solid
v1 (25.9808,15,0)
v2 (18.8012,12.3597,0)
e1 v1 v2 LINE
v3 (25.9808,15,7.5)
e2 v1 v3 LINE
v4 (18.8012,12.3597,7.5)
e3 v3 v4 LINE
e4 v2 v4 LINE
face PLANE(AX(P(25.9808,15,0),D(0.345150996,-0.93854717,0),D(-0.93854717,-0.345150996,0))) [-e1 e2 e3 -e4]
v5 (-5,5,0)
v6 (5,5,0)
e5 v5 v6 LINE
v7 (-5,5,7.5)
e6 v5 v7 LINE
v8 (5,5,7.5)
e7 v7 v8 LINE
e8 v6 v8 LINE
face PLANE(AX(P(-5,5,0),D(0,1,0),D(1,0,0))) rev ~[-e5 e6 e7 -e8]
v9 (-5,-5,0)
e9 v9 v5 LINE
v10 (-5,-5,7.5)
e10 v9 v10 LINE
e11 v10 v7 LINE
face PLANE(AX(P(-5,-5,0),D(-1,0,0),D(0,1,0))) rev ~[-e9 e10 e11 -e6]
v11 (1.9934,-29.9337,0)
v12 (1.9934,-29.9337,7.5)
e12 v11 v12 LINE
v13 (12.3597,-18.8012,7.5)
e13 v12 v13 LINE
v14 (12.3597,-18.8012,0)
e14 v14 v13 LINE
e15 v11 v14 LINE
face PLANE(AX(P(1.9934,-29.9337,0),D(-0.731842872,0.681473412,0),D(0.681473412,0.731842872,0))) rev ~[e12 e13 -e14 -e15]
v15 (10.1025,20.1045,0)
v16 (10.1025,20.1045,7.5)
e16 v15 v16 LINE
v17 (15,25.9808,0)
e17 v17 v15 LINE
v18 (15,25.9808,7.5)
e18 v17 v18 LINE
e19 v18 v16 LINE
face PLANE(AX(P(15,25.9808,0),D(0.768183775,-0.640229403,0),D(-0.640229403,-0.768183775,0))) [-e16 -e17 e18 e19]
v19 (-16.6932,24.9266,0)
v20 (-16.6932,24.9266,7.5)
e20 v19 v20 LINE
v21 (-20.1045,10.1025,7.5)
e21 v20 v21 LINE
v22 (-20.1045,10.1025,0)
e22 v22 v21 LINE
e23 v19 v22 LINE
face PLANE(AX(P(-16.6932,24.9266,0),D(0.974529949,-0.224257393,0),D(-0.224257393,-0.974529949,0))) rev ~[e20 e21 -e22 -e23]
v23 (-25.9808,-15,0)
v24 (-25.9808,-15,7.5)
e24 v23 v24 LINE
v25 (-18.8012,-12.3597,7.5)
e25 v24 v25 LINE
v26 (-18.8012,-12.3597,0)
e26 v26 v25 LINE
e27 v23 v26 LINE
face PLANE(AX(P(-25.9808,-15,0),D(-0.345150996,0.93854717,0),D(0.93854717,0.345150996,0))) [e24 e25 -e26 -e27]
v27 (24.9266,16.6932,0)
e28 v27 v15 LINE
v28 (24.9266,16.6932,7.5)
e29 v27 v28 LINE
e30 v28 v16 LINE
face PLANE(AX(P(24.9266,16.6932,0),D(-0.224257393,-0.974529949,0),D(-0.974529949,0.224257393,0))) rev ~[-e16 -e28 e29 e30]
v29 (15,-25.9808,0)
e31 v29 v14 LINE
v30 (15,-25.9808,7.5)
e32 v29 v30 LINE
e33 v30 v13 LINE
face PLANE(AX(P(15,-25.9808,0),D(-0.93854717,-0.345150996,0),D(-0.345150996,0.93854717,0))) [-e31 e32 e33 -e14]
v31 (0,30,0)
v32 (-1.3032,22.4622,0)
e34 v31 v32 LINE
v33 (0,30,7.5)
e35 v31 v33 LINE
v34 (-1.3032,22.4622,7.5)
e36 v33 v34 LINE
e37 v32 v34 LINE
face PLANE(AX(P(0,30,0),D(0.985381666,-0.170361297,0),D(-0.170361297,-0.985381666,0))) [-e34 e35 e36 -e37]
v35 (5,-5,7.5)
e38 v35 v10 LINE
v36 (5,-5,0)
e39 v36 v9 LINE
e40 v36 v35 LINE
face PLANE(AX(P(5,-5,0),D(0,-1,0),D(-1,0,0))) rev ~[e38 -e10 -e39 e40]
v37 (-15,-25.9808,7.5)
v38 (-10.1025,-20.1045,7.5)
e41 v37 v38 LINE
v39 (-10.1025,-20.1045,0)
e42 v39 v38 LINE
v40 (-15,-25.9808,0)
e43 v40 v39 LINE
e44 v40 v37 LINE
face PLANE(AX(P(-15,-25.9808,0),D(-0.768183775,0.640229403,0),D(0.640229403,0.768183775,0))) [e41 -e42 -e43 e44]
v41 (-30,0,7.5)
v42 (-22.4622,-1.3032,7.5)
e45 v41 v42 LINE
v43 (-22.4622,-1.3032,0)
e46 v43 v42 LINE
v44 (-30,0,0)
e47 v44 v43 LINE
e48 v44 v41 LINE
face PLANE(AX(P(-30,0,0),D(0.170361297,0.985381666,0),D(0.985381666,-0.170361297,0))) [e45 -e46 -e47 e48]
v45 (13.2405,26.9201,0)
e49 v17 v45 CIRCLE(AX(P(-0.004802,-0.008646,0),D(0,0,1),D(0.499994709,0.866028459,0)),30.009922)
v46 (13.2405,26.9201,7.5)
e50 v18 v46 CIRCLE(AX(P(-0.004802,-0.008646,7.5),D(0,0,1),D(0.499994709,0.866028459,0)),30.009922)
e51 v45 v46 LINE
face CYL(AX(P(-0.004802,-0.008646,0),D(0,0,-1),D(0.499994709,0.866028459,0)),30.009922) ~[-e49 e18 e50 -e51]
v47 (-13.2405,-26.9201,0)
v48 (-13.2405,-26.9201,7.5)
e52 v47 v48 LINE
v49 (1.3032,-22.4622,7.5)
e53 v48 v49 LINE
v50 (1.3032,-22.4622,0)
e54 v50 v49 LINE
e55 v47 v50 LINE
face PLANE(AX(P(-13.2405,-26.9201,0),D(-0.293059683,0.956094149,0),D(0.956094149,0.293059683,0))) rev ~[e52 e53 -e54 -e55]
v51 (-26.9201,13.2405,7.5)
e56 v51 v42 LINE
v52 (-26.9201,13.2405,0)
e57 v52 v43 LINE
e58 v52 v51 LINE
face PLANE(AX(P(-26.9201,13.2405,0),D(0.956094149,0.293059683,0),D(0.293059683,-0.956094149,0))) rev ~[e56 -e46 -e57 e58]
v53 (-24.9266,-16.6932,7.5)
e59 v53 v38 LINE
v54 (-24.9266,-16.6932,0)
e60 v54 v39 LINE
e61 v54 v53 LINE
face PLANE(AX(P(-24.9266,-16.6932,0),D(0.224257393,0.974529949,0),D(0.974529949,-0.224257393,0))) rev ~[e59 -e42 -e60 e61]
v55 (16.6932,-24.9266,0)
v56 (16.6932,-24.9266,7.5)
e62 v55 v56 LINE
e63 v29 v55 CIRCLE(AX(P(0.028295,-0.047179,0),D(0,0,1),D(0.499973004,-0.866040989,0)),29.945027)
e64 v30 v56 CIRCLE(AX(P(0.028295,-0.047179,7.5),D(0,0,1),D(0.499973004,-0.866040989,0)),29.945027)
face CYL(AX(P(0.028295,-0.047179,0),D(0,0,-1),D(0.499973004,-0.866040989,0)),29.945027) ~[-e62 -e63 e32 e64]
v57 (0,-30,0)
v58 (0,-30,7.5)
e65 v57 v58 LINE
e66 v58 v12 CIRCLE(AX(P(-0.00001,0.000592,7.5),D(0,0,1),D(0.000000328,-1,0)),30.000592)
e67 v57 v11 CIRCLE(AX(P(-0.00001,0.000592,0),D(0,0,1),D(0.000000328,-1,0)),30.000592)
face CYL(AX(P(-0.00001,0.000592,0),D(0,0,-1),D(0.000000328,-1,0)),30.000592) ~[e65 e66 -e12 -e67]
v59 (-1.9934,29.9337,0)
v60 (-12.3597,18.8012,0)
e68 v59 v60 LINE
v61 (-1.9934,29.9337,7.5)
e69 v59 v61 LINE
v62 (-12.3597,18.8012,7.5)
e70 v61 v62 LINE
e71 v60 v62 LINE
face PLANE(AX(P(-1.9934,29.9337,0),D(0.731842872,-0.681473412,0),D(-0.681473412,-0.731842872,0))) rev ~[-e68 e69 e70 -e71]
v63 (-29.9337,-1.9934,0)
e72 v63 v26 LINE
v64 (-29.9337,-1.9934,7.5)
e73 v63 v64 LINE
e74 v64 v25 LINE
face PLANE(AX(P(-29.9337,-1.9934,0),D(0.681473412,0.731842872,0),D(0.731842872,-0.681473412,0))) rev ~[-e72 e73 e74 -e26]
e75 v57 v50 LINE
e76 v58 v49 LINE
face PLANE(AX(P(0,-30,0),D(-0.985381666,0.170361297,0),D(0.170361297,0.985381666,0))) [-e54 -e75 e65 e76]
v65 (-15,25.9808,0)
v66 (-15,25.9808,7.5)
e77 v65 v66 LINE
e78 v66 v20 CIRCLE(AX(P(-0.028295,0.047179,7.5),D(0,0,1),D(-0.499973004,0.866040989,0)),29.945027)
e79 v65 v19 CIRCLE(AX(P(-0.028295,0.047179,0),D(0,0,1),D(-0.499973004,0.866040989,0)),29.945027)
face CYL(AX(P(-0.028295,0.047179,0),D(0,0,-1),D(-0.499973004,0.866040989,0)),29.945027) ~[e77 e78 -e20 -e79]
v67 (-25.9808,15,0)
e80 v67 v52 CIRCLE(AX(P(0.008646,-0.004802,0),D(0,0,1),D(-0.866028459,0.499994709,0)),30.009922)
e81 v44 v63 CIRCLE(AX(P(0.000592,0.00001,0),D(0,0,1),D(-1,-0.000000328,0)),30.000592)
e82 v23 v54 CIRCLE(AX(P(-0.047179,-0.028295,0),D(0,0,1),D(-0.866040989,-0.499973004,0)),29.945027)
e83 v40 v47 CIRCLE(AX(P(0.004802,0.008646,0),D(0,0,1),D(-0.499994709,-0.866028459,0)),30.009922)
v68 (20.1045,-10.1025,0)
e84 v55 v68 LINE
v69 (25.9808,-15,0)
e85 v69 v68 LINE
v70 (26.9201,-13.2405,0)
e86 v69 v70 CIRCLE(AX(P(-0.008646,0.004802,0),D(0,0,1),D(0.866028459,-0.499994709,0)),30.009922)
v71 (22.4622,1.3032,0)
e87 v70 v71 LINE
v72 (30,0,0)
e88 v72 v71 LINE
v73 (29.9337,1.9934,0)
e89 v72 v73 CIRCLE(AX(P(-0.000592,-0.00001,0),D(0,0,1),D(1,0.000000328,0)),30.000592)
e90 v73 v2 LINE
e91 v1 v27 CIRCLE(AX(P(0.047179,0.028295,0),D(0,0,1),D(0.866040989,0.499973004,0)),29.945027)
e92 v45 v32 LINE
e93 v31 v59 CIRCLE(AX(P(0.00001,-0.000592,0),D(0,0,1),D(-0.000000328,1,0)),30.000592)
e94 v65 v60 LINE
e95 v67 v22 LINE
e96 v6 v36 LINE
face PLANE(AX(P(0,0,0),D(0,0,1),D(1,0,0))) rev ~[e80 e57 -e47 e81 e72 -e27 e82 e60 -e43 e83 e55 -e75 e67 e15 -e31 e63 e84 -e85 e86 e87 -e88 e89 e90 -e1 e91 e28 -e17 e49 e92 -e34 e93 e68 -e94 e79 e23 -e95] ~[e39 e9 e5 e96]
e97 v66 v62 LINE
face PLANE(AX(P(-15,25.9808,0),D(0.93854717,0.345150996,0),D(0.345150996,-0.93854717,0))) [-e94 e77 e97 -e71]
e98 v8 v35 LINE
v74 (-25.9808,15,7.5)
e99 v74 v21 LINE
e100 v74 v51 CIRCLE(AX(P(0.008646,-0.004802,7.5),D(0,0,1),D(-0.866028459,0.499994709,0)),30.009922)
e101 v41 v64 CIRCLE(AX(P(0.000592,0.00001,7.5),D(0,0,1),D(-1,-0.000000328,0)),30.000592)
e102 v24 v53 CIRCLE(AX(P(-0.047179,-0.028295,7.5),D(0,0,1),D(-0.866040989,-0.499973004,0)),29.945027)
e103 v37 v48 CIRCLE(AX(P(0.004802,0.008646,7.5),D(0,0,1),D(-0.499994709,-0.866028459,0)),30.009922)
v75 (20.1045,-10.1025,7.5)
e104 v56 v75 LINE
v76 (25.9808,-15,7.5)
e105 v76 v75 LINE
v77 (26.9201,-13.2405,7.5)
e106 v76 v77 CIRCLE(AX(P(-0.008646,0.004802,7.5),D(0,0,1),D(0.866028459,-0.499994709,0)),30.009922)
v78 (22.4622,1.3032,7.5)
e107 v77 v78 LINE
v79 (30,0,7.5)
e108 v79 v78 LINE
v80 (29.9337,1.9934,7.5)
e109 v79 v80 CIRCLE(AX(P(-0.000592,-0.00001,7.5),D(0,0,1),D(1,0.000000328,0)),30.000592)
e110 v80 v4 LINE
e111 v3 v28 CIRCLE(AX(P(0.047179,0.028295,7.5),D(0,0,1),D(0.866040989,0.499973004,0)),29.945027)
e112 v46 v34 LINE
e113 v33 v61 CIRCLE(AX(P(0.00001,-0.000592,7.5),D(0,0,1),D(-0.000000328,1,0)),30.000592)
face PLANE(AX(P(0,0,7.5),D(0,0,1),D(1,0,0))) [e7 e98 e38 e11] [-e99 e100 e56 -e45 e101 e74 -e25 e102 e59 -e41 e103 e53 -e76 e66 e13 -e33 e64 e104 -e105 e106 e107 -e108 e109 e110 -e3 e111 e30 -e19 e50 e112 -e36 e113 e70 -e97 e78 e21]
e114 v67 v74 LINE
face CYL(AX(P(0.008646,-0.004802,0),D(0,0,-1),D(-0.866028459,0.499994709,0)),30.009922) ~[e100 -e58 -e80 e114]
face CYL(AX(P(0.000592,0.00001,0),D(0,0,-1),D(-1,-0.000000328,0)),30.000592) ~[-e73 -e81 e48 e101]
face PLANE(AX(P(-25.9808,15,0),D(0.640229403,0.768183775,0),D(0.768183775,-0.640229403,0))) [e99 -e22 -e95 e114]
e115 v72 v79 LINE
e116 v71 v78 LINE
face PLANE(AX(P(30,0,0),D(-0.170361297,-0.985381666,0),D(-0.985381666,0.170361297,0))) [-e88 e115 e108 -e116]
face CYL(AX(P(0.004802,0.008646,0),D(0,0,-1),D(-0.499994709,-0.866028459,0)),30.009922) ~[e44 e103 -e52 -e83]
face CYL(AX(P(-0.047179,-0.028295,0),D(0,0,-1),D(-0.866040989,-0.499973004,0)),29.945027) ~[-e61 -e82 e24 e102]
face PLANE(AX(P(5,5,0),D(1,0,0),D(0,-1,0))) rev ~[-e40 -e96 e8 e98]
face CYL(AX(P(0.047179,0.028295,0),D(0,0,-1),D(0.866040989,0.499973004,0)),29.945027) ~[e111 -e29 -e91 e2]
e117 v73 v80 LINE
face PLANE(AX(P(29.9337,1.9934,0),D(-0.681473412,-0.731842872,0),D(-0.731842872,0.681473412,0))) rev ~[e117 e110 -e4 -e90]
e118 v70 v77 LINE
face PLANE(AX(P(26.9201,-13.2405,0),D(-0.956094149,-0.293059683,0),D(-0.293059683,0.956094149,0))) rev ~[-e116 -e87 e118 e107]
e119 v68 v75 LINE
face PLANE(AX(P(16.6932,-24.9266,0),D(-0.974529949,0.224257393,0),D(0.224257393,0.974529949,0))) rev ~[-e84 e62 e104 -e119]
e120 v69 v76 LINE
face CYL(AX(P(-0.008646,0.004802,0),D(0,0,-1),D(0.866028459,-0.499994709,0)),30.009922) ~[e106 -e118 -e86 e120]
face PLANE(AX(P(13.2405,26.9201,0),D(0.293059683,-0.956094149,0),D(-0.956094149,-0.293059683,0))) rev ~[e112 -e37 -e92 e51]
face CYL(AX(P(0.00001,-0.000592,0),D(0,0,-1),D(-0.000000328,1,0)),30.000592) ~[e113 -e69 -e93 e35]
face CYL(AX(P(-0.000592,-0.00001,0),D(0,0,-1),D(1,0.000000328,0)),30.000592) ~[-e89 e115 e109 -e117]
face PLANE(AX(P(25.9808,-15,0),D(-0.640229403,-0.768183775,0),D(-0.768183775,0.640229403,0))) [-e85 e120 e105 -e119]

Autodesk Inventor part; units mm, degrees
ref_plane "YZ Plane" through (0, 0, 0) normal (1, 0, 0) x (0, 1, 0)
ref_plane "XZ Plane" through (0, 0, 0) normal (0, 1, 0) x (-1, 0, 0)
ref_plane "XY Plane" through (0, 0, 0) normal (0, 0, 1) x (1, 0, 0)
sketch "Sketch1" plane through (0, 0, 0) normal (0, 0, 1) x (1, 0, 0)
  circle A0 centre (0, 0) radius 22.5 construction
  line L0 (0, 0) -> (0, 37.8741) construction
  line L1 (0, 0) -> (16.9755, 34.5141) construction
  line L2 (0, 0) -> (38.4628, 0) construction
  line L3 (13.2405, 26.9201) -> (-1.3032, 22.4622)
  line L4 (0, 30) -> (-1.3032, 22.4622)
  line L5 (-1.9934, 29.9337) -> (-12.3597, 18.8012)
  line L6 (-15, 25.9808) -> (-12.3597, 18.8012)
  line L7 (-16.6932, 24.9266) -> (-20.1045, 10.1025)
  line L8 (-25.9808, 15) -> (-20.1045, 10.1025)
  line L9 (-26.9201, 13.2405) -> (-22.4622, -1.3032)
  line L10 (-30, 0) -> (-22.4622, -1.3032)
  line L11 (-29.9337, -1.9934) -> (-18.8012, -12.3597)
  line L12 (-25.9808, -15) -> (-18.8012, -12.3597)
  line L13 (-24.9266, -16.6932) -> (-10.1025, -20.1045)
  line L14 (-15, -25.9808) -> (-10.1025, -20.1045)
  line L15 (-13.2405, -26.9201) -> (1.3032, -22.4622)
  line L16 (0, -30) -> (1.3032, -22.4622)
  line L17 (1.9934, -29.9337) -> (12.3597, -18.8012)
  line L18 (15, -25.9808) -> (12.3597, -18.8012)
  line L19 (16.6932, -24.9266) -> (20.1045, -10.1025)
  line L20 (25.9808, -15) -> (20.1045, -10.1025)
  line L21 (26.9201, -13.2405) -> (22.4622, 1.3032)
  line L22 (30, 0) -> (22.4622, 1.3032)
  line L23 (29.9337, 1.9934) -> (18.8012, 12.3597)
  line L24 (25.9808, 15) -> (18.8012, 12.3597)
  line L25 (24.9266, 16.6932) -> (10.1025, 20.1045)
  line L26 (15, 25.9808) -> (10.1025, 20.1045)
  arc A1 (-15, 25.9808) -> (-16.6932, 24.9266) centre (0, 0) ccw
  arc A2 (-25.9808, 15) -> (-26.9201, 13.2405) centre (0, 0) ccw
  arc A3 (-30, 0) -> (-29.9337, -1.9934) centre (0, 0) ccw
  arc A4 (-25.9808, -15) -> (-24.9266, -16.6932) centre (0, 0) ccw
  arc A5 (-15, -25.9808) -> (-13.2405, -26.9201) centre (0, 0) ccw
  arc A6 (0, -30) -> (1.9934, -29.9337) centre (0, 0) ccw
  arc A7 (15, -25.9808) -> (16.6932, -24.9266) centre (0, 0) ccw
  arc A8 (25.9808, -15) -> (26.9201, -13.2405) centre (0, 0) ccw
  arc A9 (30, 0) -> (29.9337, 1.9934) centre (0, 0) ccw
  arc A10 (25.9808, 15) -> (24.9266, 16.6932) centre (0, 0) ccw
  arc A11 (15, 25.9808) -> (13.2405, 26.9201) centre (0, 0) ccw
  arc A12 (0, 30) -> (-1.9934, 29.9337) centre (0, 0) ccw
  line L27 (5, -5) -> (-5, -5)
  line L28 (-5, -5) -> (-5, 5)
  line L29 (-5, 5) -> (5, 5)
  line L30 (5, 5) -> (5, -5)
  line L31 (5, -5) -> (-5, 5) construction
  line L32 (-5, -5) -> (5, 5) construction
  dimension "d0" = 45
  dimension "d2" = 63.81
  dimension "d3" = 63.15
  dimension "d6" = 360
  dimension "d8" = 10
  dimension "d9" = 10
extrude "Extrusion1" add sketch "Sketch1" along normal blind 7.5
